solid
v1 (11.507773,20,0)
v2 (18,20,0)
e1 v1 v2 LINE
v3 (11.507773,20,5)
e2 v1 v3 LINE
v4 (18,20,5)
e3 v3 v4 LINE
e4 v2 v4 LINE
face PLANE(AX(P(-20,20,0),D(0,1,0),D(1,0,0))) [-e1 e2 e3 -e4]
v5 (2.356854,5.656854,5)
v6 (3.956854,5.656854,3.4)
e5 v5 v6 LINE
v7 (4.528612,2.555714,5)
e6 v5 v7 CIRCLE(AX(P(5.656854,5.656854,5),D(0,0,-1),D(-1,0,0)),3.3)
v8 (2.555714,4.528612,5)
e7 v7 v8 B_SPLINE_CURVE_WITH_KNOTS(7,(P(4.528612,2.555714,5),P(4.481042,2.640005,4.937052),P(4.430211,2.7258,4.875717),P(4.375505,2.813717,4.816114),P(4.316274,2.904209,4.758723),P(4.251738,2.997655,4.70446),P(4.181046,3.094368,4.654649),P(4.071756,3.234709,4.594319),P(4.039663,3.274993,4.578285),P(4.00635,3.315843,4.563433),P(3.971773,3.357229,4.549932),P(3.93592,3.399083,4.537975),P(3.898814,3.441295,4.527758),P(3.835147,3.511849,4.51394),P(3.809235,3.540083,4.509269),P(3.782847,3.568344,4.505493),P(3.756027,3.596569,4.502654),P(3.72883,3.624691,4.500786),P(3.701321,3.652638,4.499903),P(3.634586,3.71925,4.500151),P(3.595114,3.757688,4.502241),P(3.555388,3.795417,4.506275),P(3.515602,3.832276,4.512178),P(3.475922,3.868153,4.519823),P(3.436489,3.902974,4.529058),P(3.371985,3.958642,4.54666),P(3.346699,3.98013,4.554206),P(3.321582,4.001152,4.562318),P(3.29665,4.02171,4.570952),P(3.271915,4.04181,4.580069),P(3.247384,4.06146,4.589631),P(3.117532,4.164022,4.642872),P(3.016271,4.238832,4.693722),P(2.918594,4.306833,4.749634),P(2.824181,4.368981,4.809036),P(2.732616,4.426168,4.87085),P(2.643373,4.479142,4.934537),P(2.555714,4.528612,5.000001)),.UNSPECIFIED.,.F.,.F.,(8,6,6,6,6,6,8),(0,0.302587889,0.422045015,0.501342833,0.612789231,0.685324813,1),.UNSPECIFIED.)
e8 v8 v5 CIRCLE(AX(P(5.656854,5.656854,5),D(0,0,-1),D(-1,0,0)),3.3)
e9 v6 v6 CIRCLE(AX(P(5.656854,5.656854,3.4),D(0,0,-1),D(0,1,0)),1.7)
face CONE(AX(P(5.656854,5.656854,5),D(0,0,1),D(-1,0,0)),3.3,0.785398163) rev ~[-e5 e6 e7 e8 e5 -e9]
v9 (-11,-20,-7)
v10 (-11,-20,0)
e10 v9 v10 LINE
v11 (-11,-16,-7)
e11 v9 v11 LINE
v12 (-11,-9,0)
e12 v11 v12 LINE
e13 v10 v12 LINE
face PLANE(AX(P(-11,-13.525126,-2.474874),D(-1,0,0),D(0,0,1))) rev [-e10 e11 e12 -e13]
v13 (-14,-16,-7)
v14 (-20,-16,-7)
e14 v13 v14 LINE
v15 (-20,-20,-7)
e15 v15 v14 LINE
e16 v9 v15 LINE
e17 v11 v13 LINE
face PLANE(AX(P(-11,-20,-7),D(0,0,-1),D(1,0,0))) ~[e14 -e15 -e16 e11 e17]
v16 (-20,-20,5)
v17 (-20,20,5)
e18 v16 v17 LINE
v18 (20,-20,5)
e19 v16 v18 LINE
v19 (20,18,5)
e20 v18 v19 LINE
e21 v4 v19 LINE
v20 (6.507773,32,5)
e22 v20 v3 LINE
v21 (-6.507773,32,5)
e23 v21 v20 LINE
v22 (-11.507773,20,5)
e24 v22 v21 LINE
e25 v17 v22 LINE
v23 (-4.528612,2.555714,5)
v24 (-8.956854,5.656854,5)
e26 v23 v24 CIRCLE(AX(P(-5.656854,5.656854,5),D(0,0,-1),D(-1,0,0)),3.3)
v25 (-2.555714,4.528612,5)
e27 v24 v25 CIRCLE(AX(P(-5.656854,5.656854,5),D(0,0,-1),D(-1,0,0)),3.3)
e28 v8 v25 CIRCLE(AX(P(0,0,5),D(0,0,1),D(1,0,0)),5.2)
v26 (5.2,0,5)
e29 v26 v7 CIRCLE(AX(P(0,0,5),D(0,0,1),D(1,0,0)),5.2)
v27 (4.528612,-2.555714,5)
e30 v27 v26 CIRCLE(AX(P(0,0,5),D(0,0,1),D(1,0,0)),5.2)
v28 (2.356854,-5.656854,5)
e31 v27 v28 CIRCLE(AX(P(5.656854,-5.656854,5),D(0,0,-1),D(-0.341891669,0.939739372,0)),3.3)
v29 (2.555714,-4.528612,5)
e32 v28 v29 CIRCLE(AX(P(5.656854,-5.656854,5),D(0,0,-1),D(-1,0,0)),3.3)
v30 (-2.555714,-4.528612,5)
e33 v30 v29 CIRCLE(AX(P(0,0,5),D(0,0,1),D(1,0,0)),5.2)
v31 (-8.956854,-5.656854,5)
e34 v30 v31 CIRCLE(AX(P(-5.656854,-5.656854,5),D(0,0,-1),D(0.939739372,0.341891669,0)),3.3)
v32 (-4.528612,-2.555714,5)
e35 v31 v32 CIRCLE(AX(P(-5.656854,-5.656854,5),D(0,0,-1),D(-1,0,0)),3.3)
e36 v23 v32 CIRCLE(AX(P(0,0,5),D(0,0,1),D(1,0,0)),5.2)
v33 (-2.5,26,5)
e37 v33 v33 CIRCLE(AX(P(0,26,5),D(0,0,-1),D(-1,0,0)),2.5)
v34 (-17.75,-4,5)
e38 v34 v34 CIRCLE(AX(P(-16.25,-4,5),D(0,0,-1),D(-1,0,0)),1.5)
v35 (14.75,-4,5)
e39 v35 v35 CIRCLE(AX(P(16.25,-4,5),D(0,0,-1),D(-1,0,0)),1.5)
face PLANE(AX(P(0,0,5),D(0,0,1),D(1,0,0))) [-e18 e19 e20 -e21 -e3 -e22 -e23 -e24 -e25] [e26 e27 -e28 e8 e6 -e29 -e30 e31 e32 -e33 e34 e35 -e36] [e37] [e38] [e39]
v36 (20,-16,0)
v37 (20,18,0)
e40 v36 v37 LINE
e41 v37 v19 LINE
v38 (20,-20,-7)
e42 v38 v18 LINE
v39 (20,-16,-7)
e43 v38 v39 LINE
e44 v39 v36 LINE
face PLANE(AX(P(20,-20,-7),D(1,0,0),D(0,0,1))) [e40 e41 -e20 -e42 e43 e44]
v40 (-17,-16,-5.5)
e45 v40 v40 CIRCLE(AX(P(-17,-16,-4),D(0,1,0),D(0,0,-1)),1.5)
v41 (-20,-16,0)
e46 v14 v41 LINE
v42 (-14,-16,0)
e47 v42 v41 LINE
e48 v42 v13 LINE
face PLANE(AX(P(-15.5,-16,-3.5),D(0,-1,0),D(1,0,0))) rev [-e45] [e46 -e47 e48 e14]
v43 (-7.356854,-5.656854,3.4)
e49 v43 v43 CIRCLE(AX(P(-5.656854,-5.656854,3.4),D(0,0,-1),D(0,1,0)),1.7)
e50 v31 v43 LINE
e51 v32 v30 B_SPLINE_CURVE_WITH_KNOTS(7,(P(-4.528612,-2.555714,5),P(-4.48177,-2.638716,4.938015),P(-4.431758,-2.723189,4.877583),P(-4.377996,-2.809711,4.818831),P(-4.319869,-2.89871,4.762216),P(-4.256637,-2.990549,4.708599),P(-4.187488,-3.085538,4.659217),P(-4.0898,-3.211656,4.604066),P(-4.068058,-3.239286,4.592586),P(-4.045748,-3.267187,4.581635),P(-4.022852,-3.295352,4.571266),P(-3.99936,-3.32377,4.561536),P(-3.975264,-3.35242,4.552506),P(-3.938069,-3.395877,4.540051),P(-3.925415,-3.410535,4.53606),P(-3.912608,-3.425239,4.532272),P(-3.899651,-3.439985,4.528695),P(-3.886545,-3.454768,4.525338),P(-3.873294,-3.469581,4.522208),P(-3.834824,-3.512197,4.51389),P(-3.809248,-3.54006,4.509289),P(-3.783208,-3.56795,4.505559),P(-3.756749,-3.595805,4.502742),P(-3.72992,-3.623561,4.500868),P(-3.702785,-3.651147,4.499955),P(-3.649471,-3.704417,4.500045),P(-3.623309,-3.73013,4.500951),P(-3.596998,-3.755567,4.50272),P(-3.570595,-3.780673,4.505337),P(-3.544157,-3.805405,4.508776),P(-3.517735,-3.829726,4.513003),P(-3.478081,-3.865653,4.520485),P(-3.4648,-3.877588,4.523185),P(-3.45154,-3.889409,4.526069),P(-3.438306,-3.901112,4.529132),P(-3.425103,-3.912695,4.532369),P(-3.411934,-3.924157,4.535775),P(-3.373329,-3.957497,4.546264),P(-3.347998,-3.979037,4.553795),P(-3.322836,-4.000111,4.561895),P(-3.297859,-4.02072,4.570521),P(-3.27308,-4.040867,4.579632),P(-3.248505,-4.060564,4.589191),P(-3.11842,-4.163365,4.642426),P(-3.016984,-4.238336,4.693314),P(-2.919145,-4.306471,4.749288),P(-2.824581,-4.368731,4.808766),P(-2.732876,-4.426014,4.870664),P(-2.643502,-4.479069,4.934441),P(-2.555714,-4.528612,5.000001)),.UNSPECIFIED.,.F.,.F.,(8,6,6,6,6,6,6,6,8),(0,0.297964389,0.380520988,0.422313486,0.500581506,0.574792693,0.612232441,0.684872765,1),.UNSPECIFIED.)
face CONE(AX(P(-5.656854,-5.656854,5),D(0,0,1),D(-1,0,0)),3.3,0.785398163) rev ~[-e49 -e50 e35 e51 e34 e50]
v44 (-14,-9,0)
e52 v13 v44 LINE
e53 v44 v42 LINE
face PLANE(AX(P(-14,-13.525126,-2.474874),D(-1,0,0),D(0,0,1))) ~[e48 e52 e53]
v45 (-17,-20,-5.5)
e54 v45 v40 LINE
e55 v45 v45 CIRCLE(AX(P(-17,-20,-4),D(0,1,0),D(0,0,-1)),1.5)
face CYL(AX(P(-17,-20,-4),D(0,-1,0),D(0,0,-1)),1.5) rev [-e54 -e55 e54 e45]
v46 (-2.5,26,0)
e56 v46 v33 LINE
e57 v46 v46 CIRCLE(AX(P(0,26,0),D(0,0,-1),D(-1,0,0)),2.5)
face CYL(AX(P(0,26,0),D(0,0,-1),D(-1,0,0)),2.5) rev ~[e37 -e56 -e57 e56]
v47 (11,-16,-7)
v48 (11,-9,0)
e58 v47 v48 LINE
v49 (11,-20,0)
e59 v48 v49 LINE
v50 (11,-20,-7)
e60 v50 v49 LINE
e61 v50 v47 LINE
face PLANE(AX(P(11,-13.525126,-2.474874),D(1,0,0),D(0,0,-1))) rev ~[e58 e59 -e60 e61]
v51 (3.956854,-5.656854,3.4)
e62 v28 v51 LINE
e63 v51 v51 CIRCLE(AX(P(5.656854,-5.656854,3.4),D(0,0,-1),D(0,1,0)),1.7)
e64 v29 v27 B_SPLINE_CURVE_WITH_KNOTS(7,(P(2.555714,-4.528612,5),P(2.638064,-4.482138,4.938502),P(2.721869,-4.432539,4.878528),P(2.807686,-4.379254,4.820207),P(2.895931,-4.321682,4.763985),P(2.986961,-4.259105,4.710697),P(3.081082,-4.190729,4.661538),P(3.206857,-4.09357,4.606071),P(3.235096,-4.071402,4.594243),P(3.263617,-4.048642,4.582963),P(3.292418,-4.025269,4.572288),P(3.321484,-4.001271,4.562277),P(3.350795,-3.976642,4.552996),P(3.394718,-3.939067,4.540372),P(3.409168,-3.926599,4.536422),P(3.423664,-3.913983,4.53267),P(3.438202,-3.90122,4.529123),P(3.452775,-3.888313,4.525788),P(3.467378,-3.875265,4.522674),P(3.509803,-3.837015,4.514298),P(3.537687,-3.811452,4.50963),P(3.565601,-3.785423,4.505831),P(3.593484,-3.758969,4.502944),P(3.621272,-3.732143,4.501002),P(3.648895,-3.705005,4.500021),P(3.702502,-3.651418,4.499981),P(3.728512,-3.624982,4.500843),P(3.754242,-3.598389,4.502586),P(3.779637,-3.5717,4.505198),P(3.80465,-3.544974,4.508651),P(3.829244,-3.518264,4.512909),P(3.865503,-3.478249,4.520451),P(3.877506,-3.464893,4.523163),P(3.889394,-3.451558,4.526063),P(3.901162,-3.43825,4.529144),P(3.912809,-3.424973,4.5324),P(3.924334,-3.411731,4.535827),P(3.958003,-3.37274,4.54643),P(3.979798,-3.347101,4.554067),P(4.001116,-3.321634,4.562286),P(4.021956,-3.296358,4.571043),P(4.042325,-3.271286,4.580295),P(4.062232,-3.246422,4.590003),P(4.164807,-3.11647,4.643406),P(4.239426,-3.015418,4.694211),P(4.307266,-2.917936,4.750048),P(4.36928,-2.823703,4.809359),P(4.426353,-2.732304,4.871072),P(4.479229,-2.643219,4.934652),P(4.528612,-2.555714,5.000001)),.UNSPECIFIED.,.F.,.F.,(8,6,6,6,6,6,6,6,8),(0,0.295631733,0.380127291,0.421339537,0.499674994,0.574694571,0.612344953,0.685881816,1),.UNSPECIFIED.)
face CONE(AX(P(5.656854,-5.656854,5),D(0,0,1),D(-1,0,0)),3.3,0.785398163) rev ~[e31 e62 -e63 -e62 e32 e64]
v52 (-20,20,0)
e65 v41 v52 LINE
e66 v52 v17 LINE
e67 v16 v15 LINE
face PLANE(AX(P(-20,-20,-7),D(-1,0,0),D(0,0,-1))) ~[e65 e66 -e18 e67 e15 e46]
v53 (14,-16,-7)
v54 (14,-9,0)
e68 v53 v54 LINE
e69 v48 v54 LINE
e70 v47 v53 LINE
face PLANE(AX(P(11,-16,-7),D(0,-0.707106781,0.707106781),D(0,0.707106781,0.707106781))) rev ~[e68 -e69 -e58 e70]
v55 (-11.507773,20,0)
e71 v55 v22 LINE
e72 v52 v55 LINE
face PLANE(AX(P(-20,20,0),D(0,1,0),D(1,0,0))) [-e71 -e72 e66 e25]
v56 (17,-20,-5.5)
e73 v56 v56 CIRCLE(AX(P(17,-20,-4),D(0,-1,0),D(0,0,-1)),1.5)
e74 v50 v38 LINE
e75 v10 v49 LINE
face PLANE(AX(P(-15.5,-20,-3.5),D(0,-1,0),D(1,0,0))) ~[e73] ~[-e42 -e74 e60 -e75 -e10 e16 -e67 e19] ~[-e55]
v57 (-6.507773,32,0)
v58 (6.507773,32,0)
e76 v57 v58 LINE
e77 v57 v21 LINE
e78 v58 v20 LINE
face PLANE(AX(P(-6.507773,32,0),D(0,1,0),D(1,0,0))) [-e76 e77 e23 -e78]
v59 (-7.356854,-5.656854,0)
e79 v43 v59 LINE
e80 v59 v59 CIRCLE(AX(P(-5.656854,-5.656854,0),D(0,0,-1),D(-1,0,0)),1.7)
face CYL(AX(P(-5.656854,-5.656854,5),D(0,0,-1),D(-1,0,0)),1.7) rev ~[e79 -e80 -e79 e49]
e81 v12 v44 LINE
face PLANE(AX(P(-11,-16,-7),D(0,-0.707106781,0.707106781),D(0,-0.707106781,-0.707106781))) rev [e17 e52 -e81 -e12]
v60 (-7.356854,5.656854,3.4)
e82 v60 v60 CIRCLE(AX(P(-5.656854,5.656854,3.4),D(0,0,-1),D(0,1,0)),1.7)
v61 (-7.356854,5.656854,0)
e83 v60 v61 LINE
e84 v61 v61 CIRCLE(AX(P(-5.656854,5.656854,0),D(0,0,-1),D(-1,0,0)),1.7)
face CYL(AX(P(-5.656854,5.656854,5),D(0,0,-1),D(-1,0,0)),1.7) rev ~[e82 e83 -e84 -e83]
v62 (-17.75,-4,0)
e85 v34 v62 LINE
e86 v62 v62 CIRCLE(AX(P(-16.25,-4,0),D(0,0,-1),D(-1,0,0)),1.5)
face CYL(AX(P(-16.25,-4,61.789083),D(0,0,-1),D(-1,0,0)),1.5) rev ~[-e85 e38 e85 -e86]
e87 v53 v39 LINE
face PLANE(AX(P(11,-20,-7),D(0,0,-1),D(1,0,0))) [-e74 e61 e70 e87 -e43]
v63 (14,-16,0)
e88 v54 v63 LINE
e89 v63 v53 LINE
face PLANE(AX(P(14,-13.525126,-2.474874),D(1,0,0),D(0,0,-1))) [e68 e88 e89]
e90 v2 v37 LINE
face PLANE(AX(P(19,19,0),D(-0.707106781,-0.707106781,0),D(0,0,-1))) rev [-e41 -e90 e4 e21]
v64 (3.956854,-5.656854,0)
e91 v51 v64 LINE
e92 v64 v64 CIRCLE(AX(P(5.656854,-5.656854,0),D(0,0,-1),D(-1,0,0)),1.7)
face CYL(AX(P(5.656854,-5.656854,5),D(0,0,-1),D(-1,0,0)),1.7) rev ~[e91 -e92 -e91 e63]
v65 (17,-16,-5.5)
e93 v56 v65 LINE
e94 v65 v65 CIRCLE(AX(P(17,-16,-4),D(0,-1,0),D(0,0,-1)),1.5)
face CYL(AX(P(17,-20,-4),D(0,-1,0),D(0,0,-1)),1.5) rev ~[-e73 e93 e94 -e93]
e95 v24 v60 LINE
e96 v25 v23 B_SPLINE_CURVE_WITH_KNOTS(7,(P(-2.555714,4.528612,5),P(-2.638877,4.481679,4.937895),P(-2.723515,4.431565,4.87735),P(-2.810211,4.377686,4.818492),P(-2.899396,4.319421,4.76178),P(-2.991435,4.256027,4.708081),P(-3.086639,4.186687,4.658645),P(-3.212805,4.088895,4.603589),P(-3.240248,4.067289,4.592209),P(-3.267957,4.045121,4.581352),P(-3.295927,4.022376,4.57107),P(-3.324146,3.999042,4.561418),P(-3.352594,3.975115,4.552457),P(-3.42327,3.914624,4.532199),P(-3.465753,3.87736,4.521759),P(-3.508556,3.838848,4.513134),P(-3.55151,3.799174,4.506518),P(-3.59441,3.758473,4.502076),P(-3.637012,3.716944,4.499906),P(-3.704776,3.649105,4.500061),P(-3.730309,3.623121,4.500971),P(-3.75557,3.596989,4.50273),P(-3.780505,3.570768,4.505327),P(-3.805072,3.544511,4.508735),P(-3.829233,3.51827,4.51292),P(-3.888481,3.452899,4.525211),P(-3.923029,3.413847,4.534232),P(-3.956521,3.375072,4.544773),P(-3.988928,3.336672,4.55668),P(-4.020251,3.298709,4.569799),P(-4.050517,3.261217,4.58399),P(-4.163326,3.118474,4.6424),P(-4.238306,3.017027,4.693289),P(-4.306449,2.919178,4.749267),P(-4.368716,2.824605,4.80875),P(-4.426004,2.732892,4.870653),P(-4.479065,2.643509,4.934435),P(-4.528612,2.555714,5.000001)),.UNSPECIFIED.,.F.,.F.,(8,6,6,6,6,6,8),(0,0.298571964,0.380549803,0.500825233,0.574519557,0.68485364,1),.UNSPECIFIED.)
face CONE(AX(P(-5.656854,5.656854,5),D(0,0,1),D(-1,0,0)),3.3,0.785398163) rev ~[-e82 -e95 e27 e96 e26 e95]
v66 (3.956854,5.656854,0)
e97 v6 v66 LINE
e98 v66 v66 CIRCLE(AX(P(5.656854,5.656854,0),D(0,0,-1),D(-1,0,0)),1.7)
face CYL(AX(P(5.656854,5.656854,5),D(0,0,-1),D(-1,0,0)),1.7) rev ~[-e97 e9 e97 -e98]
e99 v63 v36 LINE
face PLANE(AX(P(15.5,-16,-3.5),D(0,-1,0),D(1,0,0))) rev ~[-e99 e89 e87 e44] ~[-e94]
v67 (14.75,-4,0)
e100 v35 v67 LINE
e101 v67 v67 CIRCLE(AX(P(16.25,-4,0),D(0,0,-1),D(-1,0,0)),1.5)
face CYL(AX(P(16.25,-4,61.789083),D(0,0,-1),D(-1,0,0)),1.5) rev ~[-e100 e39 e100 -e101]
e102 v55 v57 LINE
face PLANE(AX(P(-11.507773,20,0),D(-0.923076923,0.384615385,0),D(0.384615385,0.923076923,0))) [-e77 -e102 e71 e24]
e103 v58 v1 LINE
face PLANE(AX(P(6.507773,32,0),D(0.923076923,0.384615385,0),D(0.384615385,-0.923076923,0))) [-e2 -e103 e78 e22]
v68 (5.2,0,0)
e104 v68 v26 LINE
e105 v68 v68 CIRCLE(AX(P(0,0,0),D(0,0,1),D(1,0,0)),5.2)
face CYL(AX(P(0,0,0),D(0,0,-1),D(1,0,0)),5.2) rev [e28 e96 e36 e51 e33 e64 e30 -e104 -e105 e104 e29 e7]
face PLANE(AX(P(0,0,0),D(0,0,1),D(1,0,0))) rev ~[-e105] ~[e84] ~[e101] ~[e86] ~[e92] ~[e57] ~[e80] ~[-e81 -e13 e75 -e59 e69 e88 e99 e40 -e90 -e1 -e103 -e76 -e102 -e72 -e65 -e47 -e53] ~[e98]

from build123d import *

# Parameters (mm, degrees)
SKETCH_1_W                   = 40
SKETCH_1_H                   = 40
SKETCH_1_R                   = 5.2
SKETCH_1_R_2                 = 1.6
EXTRUDE_1_DEPTH              = 5
HOLE_WIZARD_1_D              = 3
CHAMFER_1_SIZE               = 2
HOLE_WIZARD_M3_2_D           = 3.4
HOLE_WIZARD_M3_2_CSINK_D     = 6.6
HOLE_WIZARD_M3_2_CSINK_ANGLE = 90
SKETCH_7_R                   = 2.5
EXTRUDE_2_DEPTH              = 5
SKETCH_10_W                  = 9
SKETCH_10_H                  = 7
SKETCH_10_R                  = 1.5
EXTRUDE_4_DEPTH              = 4
EXTRUDE_6_DEPTH              = 3


with BuildPart() as part:
    # 草图1 → 凸台-拉伸1 (new body)
    with BuildSketch(Plane.XY):
        Rectangle(SKETCH_1_W, SKETCH_1_H)
        Circle(SKETCH_1_R, mode=Mode.SUBTRACT)
        with Locations((5.656854249, 5.656854249)):
            Circle(SKETCH_1_R_2, mode=Mode.SUBTRACT)
        with Locations((5.656854249, -5.656854249)):
            Circle(SKETCH_1_R_2, mode=Mode.SUBTRACT)
        with Locations((-5.656854249, -5.656854249)):
            Circle(SKETCH_1_R_2, mode=Mode.SUBTRACT)
        with Locations((-5.656854249, 5.656854249)):
            Circle(SKETCH_1_R_2, mode=Mode.SUBTRACT)
    extrude(amount=EXTRUDE_1_DEPTH)

    # 孔1 (through all)
    with Locations(Plane(origin=(16.25, -4, 5), x_dir=(1, 0, 0), z_dir=(0, 0, 1))):
        with Locations((0, 0), (-32.5, 0)):
            Hole(HOLE_WIZARD_1_D / 2)

    # 倒角1
    chamfer_1_edges = [part.edges().sort_by_distance(p)[0] for p in [
        (20, 20, 2.5),
    ]]
    chamfer(chamfer_1_edges, length=CHAMFER_1_SIZE)

    # M3 十字槽沉头木螺钉的锥形沉头孔2 (through all)
    with Locations(Plane.XY.offset(5)):
        with Locations((-5.656854249, 5.656854249), (5.656854249, 5.656854249), (5.656854249, -5.656854249), (-5.656854249, -5.656854249)):
            CounterSinkHole(HOLE_WIZARD_M3_2_D / 2, HOLE_WIZARD_M3_2_CSINK_D / 2, counter_sink_angle=HOLE_WIZARD_M3_2_CSINK_ANGLE)

    # 草图7 → 凸台-拉伸2 (add)
    with BuildSketch(Plane(origin=(0, 0, 0), x_dir=(-1, 0, 0), z_dir=(0, 0, -1))):
        Polygon((-11.507772726, 20), (-6.507772726, 20), (6.507772726, 20), (11.507772726, 20), (6.507772726, 32), (-6.507772726, 32), align=None)
        with Locations((0, 26)):
            Circle(SKETCH_7_R, mode=Mode.SUBTRACT)
    extrude(amount=-EXTRUDE_2_DEPTH)

    # 草图10 → 凸台-拉伸4 (add)
    with BuildSketch(Plane.XZ.offset(20)):
        with Locations((15.5, -3.5)):
            Rectangle(SKETCH_10_W, SKETCH_10_H)
        with Locations(Location((17, -4, 0), (0, 0, 270))):
            Circle(SKETCH_10_R, mode=Mode.SUBTRACT)
    extrude_4 = extrude(amount=-EXTRUDE_4_DEPTH)

    # 草图12 → 凸台-拉伸6 (add)
    with BuildSketch(Plane.ZY.offset(-11)):
        Polygon((-7, -16), (0, -9), (0, -16), align=None)
    extrude_6 = extrude(amount=-EXTRUDE_6_DEPTH)

    # 镜向2: 凸台-拉伸4, 凸台-拉伸6 across plane
    add(extrude_4.mirror(Plane(origin=(0, 0, 0), x_dir=(0, 0, 1), z_dir=(1, 0, 0))))
    add(extrude_6.mirror(Plane(origin=(0, 0, 0), x_dir=(0, 0, 1), z_dir=(1, 0, 0))))


solid = part.part
